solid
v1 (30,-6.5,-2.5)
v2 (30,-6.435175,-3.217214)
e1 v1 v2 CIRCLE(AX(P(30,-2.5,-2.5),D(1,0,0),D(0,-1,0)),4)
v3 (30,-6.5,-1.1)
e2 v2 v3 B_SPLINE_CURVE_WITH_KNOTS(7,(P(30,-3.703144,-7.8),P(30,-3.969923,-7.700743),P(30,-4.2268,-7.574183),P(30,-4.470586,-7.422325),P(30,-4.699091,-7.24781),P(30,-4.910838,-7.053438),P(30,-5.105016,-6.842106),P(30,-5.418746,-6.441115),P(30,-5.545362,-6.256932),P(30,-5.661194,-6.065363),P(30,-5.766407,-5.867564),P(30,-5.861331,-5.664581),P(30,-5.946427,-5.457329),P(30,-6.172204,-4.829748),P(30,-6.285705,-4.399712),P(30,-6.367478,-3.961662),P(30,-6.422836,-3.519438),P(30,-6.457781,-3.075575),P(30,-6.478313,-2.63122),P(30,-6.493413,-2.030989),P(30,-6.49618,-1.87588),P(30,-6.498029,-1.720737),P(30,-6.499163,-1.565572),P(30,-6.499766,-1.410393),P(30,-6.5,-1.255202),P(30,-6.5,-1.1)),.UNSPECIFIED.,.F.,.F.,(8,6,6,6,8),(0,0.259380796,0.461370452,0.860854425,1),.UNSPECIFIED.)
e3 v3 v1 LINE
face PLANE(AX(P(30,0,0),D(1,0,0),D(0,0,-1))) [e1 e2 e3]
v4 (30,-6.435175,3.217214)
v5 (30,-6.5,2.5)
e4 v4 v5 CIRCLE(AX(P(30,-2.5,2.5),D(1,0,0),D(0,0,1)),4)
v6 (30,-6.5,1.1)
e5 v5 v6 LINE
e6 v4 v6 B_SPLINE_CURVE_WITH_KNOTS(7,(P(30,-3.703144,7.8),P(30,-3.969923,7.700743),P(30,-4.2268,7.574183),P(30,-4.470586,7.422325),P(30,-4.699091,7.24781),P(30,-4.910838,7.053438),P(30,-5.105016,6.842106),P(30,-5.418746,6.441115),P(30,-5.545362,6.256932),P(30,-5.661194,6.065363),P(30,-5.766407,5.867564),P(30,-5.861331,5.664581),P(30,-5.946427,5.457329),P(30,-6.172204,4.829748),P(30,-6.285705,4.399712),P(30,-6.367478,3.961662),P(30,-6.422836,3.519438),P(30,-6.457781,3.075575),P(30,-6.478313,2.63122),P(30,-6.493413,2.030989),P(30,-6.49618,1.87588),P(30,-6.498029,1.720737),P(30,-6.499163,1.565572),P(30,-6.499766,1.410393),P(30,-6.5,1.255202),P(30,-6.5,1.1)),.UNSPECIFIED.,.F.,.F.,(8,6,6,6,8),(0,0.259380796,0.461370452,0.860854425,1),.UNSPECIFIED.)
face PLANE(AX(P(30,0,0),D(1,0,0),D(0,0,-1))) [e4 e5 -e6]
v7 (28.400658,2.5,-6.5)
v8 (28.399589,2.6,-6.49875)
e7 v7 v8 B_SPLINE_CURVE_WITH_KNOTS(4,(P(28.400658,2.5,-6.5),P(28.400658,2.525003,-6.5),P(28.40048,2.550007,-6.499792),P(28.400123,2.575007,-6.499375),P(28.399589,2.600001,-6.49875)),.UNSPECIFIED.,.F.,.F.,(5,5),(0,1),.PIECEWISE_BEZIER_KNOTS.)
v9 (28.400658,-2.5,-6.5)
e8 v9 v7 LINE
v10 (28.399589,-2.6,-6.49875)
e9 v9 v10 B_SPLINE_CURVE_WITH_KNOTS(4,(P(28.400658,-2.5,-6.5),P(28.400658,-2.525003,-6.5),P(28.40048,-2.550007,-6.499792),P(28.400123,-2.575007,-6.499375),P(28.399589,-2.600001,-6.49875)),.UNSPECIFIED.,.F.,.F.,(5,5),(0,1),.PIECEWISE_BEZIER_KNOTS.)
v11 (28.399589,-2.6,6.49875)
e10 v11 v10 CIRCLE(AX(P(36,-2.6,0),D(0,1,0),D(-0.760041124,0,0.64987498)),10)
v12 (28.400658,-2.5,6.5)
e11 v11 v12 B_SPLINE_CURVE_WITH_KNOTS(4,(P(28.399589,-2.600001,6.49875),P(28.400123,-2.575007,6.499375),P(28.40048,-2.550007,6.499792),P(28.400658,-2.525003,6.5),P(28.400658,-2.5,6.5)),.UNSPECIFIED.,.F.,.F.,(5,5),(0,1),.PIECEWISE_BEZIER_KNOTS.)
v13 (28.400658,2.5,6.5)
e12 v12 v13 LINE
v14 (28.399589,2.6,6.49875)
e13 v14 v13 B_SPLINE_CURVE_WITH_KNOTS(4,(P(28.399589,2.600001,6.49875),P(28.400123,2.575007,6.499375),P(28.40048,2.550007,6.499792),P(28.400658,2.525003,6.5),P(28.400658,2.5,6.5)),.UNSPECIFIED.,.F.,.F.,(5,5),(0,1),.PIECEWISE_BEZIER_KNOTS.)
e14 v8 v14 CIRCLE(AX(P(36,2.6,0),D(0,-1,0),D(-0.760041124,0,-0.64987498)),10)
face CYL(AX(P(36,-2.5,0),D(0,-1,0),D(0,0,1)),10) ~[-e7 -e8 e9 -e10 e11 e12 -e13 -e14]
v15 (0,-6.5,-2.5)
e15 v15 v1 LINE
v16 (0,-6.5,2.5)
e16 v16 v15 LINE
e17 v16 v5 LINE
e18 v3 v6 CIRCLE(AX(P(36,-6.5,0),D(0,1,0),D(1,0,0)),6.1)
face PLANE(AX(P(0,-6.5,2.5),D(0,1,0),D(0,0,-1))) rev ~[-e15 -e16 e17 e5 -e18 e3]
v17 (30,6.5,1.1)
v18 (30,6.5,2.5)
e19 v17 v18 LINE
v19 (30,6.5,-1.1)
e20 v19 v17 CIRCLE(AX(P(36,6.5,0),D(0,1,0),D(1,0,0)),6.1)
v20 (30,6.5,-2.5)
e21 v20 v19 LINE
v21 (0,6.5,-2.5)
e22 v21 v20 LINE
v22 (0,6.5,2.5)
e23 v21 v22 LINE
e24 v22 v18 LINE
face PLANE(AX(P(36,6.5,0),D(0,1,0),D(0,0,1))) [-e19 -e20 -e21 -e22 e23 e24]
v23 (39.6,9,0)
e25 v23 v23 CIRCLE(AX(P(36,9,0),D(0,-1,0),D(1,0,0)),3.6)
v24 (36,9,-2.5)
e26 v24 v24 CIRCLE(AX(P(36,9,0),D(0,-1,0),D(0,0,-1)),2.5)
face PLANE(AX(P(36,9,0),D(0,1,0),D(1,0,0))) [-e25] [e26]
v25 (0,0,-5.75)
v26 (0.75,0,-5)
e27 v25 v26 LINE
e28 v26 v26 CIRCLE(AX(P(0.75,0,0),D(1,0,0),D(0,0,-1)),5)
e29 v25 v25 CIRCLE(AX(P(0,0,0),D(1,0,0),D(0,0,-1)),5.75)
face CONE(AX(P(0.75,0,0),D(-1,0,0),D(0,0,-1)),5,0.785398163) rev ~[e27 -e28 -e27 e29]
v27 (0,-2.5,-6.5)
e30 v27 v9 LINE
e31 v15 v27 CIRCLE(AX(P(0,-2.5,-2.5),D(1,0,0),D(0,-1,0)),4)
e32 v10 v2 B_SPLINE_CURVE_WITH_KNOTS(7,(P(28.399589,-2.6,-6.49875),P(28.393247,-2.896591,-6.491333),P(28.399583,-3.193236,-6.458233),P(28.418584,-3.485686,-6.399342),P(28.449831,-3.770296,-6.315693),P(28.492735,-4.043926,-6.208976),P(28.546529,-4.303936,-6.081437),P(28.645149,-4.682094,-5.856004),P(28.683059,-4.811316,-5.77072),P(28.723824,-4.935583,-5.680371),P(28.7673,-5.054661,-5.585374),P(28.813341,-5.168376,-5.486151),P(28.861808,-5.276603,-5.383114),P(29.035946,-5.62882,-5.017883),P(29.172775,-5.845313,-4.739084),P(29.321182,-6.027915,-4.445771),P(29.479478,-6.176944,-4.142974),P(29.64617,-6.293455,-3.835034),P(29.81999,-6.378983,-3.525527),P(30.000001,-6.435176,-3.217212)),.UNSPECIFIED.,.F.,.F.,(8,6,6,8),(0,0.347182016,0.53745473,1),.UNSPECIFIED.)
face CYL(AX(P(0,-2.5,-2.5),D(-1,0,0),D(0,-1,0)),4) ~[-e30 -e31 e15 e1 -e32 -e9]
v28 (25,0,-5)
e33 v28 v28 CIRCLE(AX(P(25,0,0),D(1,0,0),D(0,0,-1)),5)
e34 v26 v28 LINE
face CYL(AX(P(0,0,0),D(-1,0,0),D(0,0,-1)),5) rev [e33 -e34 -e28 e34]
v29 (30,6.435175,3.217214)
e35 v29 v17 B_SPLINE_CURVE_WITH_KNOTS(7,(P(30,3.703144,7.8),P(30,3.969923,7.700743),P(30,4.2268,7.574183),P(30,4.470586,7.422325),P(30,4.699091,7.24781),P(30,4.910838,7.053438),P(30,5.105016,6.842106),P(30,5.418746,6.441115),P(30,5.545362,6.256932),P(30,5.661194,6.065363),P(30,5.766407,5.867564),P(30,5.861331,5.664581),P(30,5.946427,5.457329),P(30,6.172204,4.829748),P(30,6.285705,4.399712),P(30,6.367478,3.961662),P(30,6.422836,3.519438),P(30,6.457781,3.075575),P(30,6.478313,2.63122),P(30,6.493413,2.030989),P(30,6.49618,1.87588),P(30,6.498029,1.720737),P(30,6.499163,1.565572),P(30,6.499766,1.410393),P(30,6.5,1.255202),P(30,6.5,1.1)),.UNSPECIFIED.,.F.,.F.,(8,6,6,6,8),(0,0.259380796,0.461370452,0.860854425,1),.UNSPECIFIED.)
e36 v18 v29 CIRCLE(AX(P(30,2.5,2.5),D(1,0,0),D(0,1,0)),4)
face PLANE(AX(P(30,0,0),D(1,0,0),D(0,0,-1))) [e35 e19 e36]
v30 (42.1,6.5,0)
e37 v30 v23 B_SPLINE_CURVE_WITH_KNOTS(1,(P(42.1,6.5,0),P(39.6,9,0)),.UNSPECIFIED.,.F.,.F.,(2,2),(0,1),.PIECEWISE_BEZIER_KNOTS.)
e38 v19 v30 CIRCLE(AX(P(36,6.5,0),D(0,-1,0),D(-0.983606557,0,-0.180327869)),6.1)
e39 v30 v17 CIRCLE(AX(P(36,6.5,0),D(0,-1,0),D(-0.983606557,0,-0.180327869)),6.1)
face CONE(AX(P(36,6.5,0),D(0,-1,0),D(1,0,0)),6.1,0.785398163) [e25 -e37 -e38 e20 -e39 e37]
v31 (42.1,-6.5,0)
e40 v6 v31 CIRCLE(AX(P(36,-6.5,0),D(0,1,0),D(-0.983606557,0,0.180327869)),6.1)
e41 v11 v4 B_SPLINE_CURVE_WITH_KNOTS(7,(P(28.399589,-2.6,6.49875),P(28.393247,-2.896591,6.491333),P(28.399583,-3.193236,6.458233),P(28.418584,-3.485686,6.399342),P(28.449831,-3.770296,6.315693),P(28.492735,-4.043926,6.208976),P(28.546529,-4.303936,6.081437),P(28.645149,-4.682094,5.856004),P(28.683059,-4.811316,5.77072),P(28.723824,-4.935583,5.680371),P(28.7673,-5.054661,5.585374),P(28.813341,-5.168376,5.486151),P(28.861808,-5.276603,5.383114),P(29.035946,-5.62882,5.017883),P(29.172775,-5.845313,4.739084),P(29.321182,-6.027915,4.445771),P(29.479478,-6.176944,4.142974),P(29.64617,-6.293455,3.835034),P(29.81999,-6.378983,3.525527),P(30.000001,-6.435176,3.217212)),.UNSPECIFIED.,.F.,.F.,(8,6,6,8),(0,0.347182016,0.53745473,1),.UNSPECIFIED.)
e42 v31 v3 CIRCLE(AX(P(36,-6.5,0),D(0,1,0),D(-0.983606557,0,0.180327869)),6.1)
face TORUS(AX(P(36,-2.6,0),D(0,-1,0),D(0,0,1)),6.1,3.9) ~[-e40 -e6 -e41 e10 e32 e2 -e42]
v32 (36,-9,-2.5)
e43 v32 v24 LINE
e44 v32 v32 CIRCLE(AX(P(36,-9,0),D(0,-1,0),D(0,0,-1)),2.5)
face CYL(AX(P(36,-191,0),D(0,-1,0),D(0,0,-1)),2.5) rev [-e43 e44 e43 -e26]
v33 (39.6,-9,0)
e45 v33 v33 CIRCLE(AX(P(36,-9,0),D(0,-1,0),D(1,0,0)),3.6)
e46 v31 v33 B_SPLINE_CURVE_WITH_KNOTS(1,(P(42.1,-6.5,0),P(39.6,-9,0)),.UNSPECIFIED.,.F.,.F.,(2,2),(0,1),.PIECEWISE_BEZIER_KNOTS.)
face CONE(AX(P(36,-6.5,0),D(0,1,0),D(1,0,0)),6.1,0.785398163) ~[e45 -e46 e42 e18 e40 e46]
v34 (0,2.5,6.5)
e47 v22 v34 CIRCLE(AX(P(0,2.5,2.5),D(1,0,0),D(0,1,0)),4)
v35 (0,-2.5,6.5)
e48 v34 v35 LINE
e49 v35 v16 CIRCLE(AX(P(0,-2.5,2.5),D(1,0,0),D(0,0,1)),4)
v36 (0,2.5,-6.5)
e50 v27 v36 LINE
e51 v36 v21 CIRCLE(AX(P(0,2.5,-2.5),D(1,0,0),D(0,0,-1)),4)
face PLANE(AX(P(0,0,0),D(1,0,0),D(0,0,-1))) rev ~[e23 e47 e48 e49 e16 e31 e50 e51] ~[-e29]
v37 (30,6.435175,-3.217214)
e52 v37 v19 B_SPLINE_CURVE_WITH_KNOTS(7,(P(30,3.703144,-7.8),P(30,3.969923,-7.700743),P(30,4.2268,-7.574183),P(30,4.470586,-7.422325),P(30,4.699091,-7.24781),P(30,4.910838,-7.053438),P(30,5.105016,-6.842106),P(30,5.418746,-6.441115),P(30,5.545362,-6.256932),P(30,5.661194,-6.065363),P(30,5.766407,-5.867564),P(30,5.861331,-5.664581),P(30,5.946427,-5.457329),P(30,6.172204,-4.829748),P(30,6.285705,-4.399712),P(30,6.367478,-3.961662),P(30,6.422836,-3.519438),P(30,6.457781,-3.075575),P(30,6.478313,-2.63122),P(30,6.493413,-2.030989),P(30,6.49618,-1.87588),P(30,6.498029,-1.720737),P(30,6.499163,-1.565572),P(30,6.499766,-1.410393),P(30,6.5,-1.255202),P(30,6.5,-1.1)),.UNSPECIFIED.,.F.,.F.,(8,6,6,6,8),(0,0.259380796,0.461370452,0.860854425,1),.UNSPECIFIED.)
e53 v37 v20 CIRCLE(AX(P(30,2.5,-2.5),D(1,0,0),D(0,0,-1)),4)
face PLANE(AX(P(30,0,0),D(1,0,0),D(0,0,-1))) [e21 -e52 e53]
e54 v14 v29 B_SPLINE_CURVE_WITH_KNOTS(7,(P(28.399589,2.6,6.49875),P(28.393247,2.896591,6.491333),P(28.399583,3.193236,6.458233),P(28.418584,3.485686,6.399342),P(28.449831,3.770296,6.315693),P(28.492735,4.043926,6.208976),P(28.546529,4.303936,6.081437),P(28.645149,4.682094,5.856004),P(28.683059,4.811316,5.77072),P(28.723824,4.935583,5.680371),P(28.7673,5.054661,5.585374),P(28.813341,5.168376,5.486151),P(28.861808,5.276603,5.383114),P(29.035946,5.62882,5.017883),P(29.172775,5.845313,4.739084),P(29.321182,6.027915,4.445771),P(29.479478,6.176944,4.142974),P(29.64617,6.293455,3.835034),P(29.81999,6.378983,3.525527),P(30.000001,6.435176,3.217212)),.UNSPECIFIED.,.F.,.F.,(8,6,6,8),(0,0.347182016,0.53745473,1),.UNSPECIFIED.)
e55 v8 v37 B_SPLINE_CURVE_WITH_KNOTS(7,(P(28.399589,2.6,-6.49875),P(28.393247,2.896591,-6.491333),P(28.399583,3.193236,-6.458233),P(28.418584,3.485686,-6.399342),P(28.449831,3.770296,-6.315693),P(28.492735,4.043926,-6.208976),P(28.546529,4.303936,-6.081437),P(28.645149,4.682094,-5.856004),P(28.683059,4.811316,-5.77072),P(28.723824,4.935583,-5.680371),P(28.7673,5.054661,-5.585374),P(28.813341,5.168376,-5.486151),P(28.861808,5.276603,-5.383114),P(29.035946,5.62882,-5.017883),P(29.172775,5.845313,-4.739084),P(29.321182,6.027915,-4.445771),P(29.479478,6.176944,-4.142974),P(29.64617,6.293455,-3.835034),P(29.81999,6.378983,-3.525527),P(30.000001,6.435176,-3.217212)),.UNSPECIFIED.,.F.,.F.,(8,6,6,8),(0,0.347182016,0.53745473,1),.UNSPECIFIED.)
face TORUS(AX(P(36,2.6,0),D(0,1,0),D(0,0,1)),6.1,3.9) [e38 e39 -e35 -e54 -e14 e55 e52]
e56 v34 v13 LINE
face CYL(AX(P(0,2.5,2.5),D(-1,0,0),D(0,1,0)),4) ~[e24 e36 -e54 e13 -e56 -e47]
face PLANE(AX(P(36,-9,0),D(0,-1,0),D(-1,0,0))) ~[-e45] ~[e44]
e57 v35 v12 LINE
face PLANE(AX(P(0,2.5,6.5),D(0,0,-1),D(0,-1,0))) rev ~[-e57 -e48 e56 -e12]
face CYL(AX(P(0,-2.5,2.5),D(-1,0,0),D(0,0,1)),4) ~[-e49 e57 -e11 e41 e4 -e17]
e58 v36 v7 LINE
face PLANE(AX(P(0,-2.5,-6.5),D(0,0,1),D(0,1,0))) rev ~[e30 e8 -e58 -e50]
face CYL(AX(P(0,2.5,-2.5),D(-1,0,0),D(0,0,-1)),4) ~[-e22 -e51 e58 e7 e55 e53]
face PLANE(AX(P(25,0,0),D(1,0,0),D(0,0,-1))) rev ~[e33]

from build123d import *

# Parameters (mm, degrees)
BOSS_EXTRUDE1_DEPTH     = 30
SKETCH1_3_R             = 5
CUT_EXTRUDE1_DEPTH      = 25
CHAMFER1_SIZE           = 0.75
SKETCH3_W               = 10
SKETCH3_H               = 5
SKETCH7_R               = 6.1
BOSS_EXTRUDE3_DEPTH     = 2.5
BOSS_EXTRUDE3_TAPER     = 45
CUT_EXTRUDE3_DEPTH      = 51.39841282
CUT_EXTRUDE3_DEPTH_BACK = 200
SKETCH8_R               = 2.5


with BuildPart() as part:
    # Sketch1 → Boss-Extrude1 (new body)
    with BuildSketch(Plane(origin=(0, 0, 0), x_dir=(0, 0, -1), z_dir=(1, 0, 0))):
        with BuildLine():
            ThreePointArc((6.5, 2.5), (5.328427125, 5.328427125), (2.5, 6.5))
            Line((2.5, 6.5), (-2.5, 6.5))
            ThreePointArc((-2.5, 6.5), (-5.328427125, 5.328427125), (-6.5, 2.5))
            Line((-6.5, 2.5), (-6.5, -2.5))
            ThreePointArc((-6.5, -2.5), (-5.328427125, -5.328427125), (-2.5, -6.5))
            Line((-2.5, -6.5), (2.5, -6.5))
            ThreePointArc((2.5, -6.5), (5.328427125, -5.328427125), (6.5, -2.5))
            Line((6.5, -2.5), (6.5, 2.5))
        make_face()
    extrude(amount=BOSS_EXTRUDE1_DEPTH)

    # Sketch1<3> → Cut-Extrude1 (cut)
    with BuildSketch(Plane(origin=(0, 0, 0), x_dir=(0, 0, -1), z_dir=(1, 0, 0))):
        Circle(SKETCH1_3_R)
    extrude(amount=CUT_EXTRUDE1_DEPTH, mode=Mode.SUBTRACT)

    # Chamfer1
    chamfer1_edges = [part.edges().sort_by_distance(p)[0] for p in [
        (0, 0, 5),
    ]]
    chamfer(chamfer1_edges, length=CHAMFER1_SIZE)

    # Sketch3 → Revolve2 (revolve)
    with BuildSketch(Plane(origin=(36, 0, 0), x_dir=(0, 0, -1), z_dir=(1, 0, 0))):
        with Locations((-5, 0)):
            Rectangle(SKETCH3_W, SKETCH3_H)
    revolve(axis=Axis((36, -11.950836094, 0), (0, 1, 0)))

    # Sketch4 → Revolve3 (revolve)
    with BuildSketch(Plane(origin=(36, 0, 0), x_dir=(0, 0, -1), z_dir=(1, 0, 0))):
        with BuildLine():
            Line((0, 2.5), (-10, 2.5))
            Line((-10, 2.5), (-10, 2.6))
            ThreePointArc((-10, 2.6), (-8.857716447, 5.357716447), (-6.1, 6.5))
            Line((-6.1, 6.5), (0, 6.5))
            Line((0, 6.5), (0, 2.5))
        make_face()
    revolve3 = revolve(axis=Axis((36, -7.102905922, 0), (0, 1, 0)))

    # Mirror3: Revolve3 across plane
    add(revolve3.mirror(Plane.ZX))

    # Sketch7 → Boss-Extrude3 (add)
    with BuildSketch(Plane(origin=(0, 6.5, 0), x_dir=(1, 0, 0), z_dir=(0, 1, 0))):
        with Locations((36, 0)):
            Circle(SKETCH7_R)
    boss_extrude3 = extrude(amount=BOSS_EXTRUDE3_DEPTH, taper=BOSS_EXTRUDE3_TAPER)

    # Mirror5: Boss-Extrude3 across plane
    add(boss_extrude3.mirror(Plane.ZX))

    # Sketch8 → Cut-Extrude3 (cut, two sides: drawn at the far end of the back side and taken through both)
    with BuildSketch(Plane(origin=(0, 9, 0), x_dir=(1, 0, 0), z_dir=(0, 1, 0)).offset(-CUT_EXTRUDE3_DEPTH_BACK)):
        with Locations((36, 0)):
            Circle(SKETCH8_R)
    extrude(amount=CUT_EXTRUDE3_DEPTH + CUT_EXTRUDE3_DEPTH_BACK, mode=Mode.SUBTRACT)


solid = part.part
